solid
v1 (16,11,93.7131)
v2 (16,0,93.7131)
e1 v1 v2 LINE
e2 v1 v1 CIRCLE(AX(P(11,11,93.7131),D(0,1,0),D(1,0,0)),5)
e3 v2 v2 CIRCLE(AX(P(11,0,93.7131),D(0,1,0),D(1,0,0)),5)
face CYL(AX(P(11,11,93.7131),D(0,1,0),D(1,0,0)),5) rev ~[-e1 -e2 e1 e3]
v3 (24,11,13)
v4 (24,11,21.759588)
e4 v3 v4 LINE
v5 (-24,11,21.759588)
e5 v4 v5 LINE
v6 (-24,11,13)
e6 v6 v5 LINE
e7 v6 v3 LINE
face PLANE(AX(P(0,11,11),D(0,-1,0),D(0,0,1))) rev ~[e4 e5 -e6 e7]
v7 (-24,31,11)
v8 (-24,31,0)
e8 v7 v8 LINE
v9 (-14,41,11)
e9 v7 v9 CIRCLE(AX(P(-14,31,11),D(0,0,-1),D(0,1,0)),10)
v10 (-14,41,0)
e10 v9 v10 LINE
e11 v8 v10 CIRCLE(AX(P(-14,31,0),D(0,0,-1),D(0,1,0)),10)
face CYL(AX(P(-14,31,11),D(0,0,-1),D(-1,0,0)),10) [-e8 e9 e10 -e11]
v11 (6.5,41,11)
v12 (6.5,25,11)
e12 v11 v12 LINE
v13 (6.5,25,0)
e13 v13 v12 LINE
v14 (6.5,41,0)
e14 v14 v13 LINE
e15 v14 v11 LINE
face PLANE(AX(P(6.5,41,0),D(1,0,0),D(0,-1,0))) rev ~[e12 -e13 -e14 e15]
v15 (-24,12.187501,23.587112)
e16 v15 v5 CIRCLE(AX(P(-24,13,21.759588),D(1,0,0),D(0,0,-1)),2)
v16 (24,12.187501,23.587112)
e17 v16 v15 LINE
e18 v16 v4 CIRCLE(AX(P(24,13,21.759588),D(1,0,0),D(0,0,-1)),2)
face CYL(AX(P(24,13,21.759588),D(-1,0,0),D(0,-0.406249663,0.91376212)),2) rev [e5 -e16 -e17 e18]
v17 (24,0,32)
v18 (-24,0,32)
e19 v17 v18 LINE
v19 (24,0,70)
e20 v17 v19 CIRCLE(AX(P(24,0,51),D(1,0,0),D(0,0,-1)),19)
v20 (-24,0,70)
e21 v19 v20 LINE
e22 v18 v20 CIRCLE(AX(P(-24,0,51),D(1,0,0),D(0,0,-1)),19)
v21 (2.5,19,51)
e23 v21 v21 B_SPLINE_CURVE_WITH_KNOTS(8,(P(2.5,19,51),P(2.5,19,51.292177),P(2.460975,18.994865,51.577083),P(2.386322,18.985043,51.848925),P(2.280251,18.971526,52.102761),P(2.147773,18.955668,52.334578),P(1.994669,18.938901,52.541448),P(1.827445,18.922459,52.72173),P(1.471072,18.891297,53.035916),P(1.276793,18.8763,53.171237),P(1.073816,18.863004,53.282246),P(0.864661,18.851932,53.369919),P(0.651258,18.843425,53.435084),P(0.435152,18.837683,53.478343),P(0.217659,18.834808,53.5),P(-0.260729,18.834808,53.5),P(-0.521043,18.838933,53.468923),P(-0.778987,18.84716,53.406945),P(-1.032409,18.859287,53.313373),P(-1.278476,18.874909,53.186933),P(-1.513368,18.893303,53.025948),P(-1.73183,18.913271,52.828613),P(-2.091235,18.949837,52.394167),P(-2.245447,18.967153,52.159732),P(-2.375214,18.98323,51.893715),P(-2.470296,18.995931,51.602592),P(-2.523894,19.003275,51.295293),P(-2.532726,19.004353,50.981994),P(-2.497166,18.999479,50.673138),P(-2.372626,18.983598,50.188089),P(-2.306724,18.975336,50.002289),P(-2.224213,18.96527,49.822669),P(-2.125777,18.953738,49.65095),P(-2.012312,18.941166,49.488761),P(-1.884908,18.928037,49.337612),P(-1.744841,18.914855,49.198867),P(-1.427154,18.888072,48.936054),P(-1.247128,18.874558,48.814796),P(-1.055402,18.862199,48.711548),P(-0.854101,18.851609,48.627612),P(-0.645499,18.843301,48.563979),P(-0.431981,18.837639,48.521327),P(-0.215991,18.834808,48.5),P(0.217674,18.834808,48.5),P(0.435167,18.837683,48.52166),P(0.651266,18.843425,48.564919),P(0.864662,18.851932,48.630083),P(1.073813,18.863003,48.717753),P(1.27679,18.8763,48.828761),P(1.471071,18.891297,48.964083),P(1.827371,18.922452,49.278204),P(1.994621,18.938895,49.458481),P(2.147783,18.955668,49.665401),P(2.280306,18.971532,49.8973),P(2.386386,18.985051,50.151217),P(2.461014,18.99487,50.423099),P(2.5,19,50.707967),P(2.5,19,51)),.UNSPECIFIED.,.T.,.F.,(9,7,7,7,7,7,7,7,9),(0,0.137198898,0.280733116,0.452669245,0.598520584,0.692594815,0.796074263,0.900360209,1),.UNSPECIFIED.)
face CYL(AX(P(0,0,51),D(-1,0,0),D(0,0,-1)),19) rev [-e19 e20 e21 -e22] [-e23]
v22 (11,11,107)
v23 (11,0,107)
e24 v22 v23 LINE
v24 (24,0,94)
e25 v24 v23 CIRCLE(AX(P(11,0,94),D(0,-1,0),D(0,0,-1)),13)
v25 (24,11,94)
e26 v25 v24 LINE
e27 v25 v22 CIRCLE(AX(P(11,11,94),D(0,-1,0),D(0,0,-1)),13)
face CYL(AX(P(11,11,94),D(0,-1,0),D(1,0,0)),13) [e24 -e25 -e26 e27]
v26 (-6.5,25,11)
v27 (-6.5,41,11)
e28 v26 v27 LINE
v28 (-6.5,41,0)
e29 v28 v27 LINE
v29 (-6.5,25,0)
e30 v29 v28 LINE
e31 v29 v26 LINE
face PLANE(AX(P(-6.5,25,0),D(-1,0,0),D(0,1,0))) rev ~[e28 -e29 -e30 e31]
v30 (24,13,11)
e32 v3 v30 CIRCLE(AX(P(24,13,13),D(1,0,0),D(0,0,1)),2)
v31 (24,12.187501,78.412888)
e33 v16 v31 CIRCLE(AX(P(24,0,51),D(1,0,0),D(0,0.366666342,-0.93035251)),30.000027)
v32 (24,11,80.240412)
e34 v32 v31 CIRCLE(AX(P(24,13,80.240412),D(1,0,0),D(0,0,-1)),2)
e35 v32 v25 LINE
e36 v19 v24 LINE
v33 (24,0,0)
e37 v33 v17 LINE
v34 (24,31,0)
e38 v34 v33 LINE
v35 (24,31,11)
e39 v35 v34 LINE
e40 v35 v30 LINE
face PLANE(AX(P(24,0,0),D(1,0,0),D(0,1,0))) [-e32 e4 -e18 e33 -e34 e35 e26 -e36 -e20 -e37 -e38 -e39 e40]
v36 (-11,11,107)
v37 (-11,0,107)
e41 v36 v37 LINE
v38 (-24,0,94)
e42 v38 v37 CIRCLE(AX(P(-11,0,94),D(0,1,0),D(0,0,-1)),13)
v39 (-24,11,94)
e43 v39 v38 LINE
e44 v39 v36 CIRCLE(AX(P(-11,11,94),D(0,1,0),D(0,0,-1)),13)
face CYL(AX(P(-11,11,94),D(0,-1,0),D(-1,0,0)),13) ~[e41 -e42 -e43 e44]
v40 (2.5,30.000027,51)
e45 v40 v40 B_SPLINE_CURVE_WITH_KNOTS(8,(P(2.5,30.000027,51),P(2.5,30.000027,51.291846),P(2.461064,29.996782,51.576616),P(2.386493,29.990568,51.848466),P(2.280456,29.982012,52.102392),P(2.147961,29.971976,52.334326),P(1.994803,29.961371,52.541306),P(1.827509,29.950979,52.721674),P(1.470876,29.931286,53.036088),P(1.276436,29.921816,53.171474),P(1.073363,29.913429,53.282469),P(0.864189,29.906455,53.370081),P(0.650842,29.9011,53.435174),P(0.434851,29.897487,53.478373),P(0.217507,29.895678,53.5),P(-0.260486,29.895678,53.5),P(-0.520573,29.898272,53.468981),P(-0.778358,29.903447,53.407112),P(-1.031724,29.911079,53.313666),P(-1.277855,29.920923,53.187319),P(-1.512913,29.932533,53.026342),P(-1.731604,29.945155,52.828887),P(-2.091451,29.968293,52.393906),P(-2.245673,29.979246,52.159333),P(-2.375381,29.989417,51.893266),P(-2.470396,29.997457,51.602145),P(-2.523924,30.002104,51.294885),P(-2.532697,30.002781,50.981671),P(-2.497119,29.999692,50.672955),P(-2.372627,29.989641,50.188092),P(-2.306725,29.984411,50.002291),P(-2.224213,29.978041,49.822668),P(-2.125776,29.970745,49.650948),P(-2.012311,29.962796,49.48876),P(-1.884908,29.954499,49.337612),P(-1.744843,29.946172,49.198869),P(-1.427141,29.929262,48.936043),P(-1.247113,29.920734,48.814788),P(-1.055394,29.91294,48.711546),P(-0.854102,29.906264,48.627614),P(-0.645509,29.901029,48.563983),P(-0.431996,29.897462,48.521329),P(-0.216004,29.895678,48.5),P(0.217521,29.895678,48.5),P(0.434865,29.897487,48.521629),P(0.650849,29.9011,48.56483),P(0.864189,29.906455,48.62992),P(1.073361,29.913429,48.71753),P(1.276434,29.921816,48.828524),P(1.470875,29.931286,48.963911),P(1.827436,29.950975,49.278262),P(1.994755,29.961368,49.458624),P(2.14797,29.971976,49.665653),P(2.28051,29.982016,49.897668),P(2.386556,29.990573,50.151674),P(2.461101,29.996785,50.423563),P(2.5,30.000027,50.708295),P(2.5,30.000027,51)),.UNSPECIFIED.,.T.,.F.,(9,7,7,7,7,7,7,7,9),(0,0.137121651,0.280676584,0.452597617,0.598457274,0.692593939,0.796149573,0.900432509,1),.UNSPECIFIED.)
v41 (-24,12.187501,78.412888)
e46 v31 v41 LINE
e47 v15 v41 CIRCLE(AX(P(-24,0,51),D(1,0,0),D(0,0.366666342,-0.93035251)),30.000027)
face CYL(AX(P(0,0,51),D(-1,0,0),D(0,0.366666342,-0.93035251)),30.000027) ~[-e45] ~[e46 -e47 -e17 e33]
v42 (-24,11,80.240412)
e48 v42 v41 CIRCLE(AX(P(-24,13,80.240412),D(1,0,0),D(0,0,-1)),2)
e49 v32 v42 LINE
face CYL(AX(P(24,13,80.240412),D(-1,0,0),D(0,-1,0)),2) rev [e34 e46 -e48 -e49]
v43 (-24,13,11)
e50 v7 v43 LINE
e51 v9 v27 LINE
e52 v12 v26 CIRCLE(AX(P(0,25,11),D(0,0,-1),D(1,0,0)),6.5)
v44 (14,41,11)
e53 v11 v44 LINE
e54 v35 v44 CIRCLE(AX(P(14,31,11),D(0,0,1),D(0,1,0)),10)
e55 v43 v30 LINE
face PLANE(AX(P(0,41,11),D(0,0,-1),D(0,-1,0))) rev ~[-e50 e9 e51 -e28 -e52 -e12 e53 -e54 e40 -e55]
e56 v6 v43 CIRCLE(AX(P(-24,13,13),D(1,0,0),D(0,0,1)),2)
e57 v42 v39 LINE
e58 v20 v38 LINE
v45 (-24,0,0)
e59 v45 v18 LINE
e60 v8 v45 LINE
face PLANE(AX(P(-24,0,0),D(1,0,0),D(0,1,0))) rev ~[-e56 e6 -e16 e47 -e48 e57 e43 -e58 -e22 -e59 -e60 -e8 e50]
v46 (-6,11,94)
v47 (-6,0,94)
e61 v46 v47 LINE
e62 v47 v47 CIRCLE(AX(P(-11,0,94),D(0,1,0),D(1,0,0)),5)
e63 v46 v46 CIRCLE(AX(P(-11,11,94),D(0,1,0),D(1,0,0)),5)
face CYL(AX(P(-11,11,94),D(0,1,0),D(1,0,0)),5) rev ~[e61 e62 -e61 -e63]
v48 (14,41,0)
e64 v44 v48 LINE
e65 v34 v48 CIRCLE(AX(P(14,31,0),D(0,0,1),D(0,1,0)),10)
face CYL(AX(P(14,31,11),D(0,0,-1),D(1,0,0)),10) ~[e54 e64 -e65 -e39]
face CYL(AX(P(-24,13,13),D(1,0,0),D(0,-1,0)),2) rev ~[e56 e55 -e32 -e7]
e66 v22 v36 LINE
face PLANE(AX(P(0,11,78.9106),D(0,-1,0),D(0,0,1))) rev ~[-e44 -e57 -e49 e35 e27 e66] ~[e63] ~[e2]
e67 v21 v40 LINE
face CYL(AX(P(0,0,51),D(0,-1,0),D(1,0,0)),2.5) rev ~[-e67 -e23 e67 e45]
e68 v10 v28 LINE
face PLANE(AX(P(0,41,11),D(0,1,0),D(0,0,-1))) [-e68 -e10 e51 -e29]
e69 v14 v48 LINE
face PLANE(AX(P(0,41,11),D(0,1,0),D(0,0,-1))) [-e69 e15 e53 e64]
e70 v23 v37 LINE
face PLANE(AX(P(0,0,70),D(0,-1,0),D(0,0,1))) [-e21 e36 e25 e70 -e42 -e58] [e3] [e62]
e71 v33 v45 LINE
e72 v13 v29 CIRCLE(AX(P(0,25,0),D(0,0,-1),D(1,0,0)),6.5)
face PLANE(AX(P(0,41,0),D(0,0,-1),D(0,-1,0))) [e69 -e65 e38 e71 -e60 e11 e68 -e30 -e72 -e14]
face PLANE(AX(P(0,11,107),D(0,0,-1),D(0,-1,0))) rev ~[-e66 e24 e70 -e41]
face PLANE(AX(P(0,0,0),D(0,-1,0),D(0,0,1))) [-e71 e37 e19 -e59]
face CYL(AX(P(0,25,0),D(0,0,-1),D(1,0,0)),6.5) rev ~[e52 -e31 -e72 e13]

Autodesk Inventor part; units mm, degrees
ref_plane "YZ Plane" through (0, 0, 0) normal (1, 0, 0) x (0, 1, 0)
ref_plane "XZ Plane" through (0, 0, 0) normal (0, 1, 0) x (-1, 0, 0)
ref_plane "XY Plane" through (0, 0, 0) normal (0, 0, 1) x (1, 0, 0)
sketch "Sketch1" plane through (0, 0, 0) normal (1, 0, 0) x (0, 1, 0)
  line L0 (41, 0) -> (0, 0)
  line L1 (0, 0) -> (0, 32)
  arc A0 (0, 32) -> (0, 70) centre (0, 51) ccw
  line L2 (0, 70) -> (0, 107)
  line L3 (41, 11) -> (11, 11)
  line L4 (11, 11) -> (11, 23.0894)
  arc A1 (11, 23.0894) -> (11, 78.9106) centre (0, 51) ccw
  line L5 (11, 78.9106) -> (11, 107)
  line L6 (11, 107) -> (0, 107)
  line L7 (41, 11) -> (41, 0)
  dimension "d0" = 41
  dimension "d1" = 107
  dimension "d2" = 51
  dimension "d3" = 11
  dimension "d4" = 30
extrude "Extrusion1" add sketch "Sketch1" along normal mid plane 48
fillet "Fillet1" radius 13 2 edges at (24, 5.5, 107) (-24, 5.5, 107)
fillet "Fillet2" radius 2 3 edges at (0, 11, 78.9106) (0, 11, 23.0894) (0, 11, 11)
sketch "Sketch2" plane through (-11, 11, 107) normal (0, 1, 0) x (1, 0, 0)
  arc A0 (-13, 13) -> (0, 0) centre (0, 13) ccw projected
  circle A1 centre (0, 13) radius 5
  circle A2 centre (22, 13.2869) radius 5
  point P0 (11, 107)
  dimension "d9" = 10
  dimension "d10" = 10
extrude "Extrusion2" cut sketch "Sketch2" against normal through all
sketch "Sketch3" plane through (24, 41, 0) normal (0, 0, -1) x (-1, 0, 0)
  line L0 (48, 0) -> (0, 0) projected
  line L1 (24, 0) -> (24, -16) construction
  line L2 (30.5, 0) -> (17.5, 0)
  line L3 (17.5, 0) -> (17.5, -16)
  line L4 (30.5, -16) -> (30.5, 0)
  arc A0 (17.5, -16) -> (30.5, -16) centre (24, -16) ccw
  point P0 (24, -41)
  dimension "d14" = 13
  dimension "d15" = 6.5
  dimension "d16" = 16
  dimension "d17" = 6.5
extrude "Extrusion3" cut sketch "Sketch3" against normal blind 11
fillet "Fillet3" radius 10 2 edges at (24, 41, 5.5) (-24, 41, 5.5)
sketch "Sketch4" plane through (-24, 0, 0) normal (0, -1, 0) x (1, 0, 0)
  line L0 (48, 70) -> (48, 32) projected
  line L1 (48, 51) -> (0, 51)
  line L2 (0, 78.4129) -> (0, 23.5871) projected
  circle A0 centre (24, 51) radius 2.5
  point P0 (24, 0)
  dimension "d21" = 5
extrude "Extrusion4" cut sketch "Sketch4" against normal through all
thread "Thread1" size "M5x0.8" class "6H" standard "ISO Metric profile" full length
properties part number "T05"
